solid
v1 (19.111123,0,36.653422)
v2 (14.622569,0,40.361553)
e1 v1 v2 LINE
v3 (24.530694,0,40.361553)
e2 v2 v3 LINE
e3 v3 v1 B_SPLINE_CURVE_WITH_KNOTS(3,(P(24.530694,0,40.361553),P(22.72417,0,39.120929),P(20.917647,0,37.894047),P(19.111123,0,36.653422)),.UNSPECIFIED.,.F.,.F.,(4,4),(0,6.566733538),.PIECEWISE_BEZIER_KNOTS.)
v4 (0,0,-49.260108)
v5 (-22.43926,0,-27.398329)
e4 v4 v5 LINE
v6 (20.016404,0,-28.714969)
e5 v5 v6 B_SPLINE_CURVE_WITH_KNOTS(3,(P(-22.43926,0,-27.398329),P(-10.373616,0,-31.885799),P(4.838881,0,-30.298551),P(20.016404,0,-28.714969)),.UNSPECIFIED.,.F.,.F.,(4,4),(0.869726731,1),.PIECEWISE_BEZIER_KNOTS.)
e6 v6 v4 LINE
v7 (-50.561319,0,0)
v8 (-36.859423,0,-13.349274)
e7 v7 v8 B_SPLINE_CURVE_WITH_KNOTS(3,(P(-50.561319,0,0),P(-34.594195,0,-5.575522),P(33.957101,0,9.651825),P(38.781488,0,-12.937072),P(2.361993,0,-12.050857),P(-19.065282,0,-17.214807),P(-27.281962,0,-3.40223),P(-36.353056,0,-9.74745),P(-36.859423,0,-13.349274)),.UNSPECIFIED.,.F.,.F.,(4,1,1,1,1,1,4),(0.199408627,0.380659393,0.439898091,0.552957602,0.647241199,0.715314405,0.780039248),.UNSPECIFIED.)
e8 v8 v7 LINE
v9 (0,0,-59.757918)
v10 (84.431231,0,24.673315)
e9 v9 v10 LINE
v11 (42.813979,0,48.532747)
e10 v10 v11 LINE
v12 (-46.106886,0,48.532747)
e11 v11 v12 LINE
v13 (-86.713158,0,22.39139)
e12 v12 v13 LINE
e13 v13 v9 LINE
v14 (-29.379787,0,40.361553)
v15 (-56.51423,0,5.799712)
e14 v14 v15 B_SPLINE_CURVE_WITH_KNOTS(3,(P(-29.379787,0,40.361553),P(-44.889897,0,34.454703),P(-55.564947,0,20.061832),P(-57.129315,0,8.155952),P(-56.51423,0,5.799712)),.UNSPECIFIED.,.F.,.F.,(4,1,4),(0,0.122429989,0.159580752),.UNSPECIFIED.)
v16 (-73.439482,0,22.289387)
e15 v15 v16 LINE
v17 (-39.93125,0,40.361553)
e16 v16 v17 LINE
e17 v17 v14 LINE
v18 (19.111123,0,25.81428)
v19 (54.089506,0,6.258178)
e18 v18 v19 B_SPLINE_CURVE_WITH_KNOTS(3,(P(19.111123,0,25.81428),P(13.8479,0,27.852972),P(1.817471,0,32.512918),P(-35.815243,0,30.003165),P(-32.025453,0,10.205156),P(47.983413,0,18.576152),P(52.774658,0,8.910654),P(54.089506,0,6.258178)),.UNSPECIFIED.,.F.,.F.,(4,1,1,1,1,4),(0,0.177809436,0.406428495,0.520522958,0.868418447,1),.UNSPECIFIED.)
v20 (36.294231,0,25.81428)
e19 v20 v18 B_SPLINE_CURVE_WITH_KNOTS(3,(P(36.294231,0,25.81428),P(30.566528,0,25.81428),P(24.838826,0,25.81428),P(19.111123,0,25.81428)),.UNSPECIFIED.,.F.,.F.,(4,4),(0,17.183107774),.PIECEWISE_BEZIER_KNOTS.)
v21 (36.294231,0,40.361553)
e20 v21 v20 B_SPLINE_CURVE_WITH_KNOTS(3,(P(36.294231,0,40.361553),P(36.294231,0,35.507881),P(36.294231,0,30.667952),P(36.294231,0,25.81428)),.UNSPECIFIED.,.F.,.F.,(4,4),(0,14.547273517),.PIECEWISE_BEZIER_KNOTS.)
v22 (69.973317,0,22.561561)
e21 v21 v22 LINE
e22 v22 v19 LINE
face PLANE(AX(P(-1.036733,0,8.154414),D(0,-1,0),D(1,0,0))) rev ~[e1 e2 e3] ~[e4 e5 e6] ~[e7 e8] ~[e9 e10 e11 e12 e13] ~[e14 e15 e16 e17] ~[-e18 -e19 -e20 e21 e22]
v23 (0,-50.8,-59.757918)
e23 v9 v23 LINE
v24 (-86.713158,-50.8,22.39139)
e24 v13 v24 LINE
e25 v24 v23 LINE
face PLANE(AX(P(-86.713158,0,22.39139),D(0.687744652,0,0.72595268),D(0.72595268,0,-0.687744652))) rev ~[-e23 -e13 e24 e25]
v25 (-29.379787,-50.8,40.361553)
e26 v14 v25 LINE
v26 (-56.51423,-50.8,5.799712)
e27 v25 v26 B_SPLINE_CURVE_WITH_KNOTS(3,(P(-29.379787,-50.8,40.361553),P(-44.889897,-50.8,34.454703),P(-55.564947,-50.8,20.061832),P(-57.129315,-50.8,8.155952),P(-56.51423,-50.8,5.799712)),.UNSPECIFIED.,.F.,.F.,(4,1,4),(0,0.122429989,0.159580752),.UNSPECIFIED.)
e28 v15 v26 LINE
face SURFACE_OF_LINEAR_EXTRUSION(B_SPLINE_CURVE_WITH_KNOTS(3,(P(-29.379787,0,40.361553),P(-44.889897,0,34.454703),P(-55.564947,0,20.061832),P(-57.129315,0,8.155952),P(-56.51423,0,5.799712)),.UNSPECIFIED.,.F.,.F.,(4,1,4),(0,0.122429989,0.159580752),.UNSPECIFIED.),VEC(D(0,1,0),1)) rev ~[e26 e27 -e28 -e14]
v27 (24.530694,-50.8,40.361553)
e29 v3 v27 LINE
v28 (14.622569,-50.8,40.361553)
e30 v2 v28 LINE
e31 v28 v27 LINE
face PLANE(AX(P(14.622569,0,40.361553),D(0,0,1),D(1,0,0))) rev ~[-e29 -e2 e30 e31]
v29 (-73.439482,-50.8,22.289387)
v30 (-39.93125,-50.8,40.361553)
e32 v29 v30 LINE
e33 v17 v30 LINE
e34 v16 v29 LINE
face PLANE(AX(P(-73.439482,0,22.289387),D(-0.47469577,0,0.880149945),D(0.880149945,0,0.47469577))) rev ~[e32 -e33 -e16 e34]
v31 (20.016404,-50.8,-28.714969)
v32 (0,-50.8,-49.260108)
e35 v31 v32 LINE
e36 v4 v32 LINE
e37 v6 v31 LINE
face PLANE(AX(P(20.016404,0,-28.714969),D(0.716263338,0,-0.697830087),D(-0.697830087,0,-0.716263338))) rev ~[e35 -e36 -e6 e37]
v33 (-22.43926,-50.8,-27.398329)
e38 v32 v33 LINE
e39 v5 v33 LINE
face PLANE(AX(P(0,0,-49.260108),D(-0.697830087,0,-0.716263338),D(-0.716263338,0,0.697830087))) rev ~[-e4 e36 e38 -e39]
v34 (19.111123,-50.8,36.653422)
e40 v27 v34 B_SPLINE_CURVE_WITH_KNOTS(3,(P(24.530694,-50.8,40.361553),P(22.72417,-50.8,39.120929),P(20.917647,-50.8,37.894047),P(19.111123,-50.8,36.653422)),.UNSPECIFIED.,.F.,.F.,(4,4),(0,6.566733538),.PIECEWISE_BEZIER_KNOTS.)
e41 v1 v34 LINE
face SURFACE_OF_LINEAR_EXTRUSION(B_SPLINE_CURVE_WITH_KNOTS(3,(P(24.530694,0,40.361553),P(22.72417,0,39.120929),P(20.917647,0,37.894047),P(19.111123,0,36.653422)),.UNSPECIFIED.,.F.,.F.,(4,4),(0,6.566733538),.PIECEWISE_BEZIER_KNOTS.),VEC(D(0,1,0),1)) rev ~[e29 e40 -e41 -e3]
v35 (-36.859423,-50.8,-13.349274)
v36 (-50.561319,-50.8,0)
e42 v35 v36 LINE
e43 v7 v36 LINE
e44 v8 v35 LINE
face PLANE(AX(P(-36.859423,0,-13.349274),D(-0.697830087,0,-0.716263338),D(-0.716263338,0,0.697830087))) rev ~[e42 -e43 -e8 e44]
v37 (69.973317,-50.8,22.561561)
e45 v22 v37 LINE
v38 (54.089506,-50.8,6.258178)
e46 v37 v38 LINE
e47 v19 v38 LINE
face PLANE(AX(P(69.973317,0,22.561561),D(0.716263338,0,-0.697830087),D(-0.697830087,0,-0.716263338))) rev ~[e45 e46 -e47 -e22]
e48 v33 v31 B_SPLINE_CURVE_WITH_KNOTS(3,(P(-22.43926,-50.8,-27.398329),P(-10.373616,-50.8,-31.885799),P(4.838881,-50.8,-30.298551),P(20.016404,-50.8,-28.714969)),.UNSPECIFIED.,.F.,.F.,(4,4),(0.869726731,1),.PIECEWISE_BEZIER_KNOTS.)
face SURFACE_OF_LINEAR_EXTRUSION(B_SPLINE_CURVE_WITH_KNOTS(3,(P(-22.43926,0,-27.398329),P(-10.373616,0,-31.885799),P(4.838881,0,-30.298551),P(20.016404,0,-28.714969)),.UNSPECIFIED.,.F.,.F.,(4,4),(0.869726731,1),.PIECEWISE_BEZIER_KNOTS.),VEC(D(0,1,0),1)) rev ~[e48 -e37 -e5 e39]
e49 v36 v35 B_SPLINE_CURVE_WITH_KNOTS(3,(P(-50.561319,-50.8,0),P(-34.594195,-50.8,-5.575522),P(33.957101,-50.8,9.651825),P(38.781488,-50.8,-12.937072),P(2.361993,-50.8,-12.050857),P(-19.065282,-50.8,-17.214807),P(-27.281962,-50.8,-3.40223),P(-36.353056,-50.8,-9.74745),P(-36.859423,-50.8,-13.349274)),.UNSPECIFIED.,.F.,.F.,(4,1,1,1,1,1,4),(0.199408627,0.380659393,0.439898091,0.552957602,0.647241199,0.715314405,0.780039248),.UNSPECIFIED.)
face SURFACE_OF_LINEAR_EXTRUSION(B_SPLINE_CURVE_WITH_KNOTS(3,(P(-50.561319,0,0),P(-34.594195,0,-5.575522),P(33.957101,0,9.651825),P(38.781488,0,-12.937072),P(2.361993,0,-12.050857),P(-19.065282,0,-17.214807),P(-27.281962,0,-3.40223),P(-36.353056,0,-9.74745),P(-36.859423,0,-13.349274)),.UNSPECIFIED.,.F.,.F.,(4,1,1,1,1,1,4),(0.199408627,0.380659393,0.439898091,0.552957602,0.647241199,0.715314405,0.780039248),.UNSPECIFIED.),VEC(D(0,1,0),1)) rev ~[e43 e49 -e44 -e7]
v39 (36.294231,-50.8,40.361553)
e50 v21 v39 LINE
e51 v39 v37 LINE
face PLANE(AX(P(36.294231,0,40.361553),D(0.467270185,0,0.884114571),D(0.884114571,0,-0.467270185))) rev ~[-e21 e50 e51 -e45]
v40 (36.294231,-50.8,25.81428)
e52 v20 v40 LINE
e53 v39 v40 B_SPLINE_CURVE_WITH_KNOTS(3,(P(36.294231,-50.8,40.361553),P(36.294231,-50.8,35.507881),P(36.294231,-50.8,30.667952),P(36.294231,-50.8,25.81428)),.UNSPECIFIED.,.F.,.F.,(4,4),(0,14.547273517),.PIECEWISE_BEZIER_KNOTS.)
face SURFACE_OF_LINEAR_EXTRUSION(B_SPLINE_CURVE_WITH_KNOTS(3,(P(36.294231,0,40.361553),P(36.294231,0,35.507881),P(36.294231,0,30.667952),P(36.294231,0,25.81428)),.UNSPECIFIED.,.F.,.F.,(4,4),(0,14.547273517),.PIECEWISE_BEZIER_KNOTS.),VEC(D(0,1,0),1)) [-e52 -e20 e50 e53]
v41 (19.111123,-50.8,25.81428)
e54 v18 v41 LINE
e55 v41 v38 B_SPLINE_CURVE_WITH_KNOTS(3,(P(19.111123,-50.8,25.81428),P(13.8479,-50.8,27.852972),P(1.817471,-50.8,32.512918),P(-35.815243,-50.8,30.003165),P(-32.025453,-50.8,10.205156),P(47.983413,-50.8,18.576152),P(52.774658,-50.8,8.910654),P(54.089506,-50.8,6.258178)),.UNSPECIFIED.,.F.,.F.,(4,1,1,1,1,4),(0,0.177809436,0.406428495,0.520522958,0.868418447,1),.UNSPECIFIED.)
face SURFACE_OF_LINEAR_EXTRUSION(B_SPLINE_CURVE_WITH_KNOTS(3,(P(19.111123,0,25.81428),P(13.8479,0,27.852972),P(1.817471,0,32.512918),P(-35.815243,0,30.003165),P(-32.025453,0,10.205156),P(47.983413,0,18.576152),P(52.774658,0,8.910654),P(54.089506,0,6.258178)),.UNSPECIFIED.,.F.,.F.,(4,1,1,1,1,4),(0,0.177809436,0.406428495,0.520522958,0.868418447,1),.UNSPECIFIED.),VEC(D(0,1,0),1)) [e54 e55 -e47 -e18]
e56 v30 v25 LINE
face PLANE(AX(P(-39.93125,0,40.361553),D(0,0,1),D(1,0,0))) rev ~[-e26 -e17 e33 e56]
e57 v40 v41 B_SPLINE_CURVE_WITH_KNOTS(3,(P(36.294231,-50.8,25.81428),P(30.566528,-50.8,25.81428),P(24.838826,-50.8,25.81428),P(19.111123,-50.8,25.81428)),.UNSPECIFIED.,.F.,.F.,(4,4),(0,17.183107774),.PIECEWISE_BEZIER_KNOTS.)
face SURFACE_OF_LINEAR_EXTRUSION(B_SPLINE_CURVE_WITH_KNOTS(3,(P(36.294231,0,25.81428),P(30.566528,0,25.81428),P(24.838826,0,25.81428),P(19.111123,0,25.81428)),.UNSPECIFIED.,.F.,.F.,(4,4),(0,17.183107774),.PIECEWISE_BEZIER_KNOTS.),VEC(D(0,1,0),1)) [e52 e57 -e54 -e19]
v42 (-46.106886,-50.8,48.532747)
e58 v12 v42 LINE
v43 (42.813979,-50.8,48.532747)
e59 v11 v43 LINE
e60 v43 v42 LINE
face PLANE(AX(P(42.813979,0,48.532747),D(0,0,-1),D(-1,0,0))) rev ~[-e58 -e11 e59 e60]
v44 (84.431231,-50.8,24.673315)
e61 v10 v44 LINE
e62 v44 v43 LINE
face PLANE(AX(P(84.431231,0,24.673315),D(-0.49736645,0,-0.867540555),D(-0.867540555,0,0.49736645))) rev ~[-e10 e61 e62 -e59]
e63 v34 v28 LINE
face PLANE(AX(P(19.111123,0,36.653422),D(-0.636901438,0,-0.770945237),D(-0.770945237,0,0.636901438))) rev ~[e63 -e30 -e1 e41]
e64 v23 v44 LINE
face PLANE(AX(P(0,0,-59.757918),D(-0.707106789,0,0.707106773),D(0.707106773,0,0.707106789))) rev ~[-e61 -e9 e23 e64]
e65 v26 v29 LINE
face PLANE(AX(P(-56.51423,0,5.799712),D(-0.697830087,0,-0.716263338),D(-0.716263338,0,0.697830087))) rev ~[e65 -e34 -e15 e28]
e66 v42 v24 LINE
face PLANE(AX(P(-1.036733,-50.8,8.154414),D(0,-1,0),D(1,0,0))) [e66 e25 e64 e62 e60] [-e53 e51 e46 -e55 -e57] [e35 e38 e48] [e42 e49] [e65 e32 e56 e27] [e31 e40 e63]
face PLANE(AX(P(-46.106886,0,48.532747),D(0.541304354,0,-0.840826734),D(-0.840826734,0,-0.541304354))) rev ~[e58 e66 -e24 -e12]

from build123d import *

# Parameters (mm, degrees)
F1_DEPTH = 50.8


with BuildPart() as f1:
    # F0 (on Front) → F1 (new body)
    with BuildSketch(Plane.XZ):
        Polygon((42.8139790893, 48.5327467322), (-46.1068861187, 48.5327467322), (-86.7131575942, 22.3913900554), (0, -59.7579181194), (84.4312310219, 24.6733147651), align=None)
        with BuildLine():
            Line((0, -49.2601079148), (-22.4392601443, -27.3983288212))
            add(Edge.make_bspline(
                [(-22.4392601443, -27.3983288212), (-10.3736160037, -31.8857986211), (4.8388807016, -30.2985507846), (20.0164040618, -28.7149685657)],
                knots=[0.8697267314, 0.8697267314, 0.8697267314, 0.8697267314, 1, 1, 1, 1], degree=3))
            Line((20.0164040618, -28.7149685657), (0, -49.2601079148))
        make_face(mode=Mode.SUBTRACT)
        with BuildLine():
            Line((-36.8594226393, -13.3492735078), (-50.5613185232, 0))
            add(Edge.make_bspline(
                [(-50.5613185232, 0), (-34.594195391, -5.5755217109), (33.9571013413, 9.6518252733), (38.7814875684, -12.9370721173), (2.361993239, -12.0508571536), (-19.0652817801, -17.2148074093), (-27.2819615194, -3.4022296448), (-36.3530555491, -9.74744955), (-36.8594226393, -13.3492735078)],
                knots=[0.1994086275, 0.1994086275, 0.1994086275, 0.1994086275, 0.3806593926, 0.439898091, 0.552957602, 0.6472411988, 0.7153144049, 0.7800392485, 0.7800392485, 0.7800392485, 0.7800392485], degree=3))
        make_face(mode=Mode.SUBTRACT)
        with BuildLine():
            Line((-73.4394822067, 22.2893873193), (-39.9312501347, 40.3615534306))
            Line((-39.9312501347, 40.3615534306), (-29.3797869235, 40.3615534306))
            add(Edge.make_bspline(
                [(-29.3797869235, 40.3615534306), (-44.8898971081, 34.454703331), (-55.5649465868, 20.0618318815), (-57.1293154368, 8.1559515897), (-56.5142302299, 5.7997117488)],
                knots=[0, 0, 0, 0, 0.1224299889, 0.159580752, 0.159580752, 0.159580752, 0.159580752], degree=3))
            Line((-56.5142302299, 5.7997117488), (-73.4394822067, 22.2893873193))
        make_face(mode=Mode.SUBTRACT)
        with BuildLine():
            add(Edge.make_bspline(
                [(36.2942307097, 40.3615534306), (36.2942307097, 35.5078813536), (36.2942307097, 30.6679519908), (36.2942307097, 25.8142799139)],
                knots=[0, 0, 0, 0, 14.5472735167, 14.5472735167, 14.5472735167, 14.5472735167], degree=3))
            Line((36.2942307097, 40.3615534306), (69.9733167514, 22.5615608992))
            Line((69.9733167514, 22.5615608992), (54.0895060836, 6.2581778062))
            add(Edge.make_bspline(
                [(19.111122936, 25.8142799139), (13.8479000757, 27.8529717323), (1.8174713939, 32.5129181522), (-35.8152425943, 30.003164995), (-32.0254529515, 10.2051564982), (47.9834132494, 18.5761521201), (52.7746580758, 8.9106536899), (54.0895060836, 6.2581778062)],
                knots=[0, 0, 0, 0, 0.1778094364, 0.4064284945, 0.5205229582, 0.8684184474, 1, 1, 1, 1], degree=3))
            add(Edge.make_bspline(
                [(36.2942307097, 25.8142799139), (30.5665281185, 25.8142799139), (24.8388255272, 25.8142799139), (19.111122936, 25.8142799139)],
                knots=[0, 0, 0, 0, 17.1831077737, 17.1831077737, 17.1831077737, 17.1831077737], degree=3))
        make_face(mode=Mode.SUBTRACT)
        with BuildLine():
            Line((14.6225690842, 40.3615534306), (24.5306938887, 40.3615534306))
            add(Edge.make_bspline(
                [(24.5306938887, 40.3615534306), (22.7241702378, 39.1209286554), (20.9176465869, 37.8940465944), (19.111122936, 36.6534218192)],
                knots=[0, 0, 0, 0, 6.5667335379, 6.5667335379, 6.5667335379, 6.5667335379], degree=3))
            Line((19.111122936, 36.6534218192), (14.6225690842, 40.3615534306))
        make_face(mode=Mode.SUBTRACT)
    extrude(amount=F1_DEPTH)


solid = f1.part
